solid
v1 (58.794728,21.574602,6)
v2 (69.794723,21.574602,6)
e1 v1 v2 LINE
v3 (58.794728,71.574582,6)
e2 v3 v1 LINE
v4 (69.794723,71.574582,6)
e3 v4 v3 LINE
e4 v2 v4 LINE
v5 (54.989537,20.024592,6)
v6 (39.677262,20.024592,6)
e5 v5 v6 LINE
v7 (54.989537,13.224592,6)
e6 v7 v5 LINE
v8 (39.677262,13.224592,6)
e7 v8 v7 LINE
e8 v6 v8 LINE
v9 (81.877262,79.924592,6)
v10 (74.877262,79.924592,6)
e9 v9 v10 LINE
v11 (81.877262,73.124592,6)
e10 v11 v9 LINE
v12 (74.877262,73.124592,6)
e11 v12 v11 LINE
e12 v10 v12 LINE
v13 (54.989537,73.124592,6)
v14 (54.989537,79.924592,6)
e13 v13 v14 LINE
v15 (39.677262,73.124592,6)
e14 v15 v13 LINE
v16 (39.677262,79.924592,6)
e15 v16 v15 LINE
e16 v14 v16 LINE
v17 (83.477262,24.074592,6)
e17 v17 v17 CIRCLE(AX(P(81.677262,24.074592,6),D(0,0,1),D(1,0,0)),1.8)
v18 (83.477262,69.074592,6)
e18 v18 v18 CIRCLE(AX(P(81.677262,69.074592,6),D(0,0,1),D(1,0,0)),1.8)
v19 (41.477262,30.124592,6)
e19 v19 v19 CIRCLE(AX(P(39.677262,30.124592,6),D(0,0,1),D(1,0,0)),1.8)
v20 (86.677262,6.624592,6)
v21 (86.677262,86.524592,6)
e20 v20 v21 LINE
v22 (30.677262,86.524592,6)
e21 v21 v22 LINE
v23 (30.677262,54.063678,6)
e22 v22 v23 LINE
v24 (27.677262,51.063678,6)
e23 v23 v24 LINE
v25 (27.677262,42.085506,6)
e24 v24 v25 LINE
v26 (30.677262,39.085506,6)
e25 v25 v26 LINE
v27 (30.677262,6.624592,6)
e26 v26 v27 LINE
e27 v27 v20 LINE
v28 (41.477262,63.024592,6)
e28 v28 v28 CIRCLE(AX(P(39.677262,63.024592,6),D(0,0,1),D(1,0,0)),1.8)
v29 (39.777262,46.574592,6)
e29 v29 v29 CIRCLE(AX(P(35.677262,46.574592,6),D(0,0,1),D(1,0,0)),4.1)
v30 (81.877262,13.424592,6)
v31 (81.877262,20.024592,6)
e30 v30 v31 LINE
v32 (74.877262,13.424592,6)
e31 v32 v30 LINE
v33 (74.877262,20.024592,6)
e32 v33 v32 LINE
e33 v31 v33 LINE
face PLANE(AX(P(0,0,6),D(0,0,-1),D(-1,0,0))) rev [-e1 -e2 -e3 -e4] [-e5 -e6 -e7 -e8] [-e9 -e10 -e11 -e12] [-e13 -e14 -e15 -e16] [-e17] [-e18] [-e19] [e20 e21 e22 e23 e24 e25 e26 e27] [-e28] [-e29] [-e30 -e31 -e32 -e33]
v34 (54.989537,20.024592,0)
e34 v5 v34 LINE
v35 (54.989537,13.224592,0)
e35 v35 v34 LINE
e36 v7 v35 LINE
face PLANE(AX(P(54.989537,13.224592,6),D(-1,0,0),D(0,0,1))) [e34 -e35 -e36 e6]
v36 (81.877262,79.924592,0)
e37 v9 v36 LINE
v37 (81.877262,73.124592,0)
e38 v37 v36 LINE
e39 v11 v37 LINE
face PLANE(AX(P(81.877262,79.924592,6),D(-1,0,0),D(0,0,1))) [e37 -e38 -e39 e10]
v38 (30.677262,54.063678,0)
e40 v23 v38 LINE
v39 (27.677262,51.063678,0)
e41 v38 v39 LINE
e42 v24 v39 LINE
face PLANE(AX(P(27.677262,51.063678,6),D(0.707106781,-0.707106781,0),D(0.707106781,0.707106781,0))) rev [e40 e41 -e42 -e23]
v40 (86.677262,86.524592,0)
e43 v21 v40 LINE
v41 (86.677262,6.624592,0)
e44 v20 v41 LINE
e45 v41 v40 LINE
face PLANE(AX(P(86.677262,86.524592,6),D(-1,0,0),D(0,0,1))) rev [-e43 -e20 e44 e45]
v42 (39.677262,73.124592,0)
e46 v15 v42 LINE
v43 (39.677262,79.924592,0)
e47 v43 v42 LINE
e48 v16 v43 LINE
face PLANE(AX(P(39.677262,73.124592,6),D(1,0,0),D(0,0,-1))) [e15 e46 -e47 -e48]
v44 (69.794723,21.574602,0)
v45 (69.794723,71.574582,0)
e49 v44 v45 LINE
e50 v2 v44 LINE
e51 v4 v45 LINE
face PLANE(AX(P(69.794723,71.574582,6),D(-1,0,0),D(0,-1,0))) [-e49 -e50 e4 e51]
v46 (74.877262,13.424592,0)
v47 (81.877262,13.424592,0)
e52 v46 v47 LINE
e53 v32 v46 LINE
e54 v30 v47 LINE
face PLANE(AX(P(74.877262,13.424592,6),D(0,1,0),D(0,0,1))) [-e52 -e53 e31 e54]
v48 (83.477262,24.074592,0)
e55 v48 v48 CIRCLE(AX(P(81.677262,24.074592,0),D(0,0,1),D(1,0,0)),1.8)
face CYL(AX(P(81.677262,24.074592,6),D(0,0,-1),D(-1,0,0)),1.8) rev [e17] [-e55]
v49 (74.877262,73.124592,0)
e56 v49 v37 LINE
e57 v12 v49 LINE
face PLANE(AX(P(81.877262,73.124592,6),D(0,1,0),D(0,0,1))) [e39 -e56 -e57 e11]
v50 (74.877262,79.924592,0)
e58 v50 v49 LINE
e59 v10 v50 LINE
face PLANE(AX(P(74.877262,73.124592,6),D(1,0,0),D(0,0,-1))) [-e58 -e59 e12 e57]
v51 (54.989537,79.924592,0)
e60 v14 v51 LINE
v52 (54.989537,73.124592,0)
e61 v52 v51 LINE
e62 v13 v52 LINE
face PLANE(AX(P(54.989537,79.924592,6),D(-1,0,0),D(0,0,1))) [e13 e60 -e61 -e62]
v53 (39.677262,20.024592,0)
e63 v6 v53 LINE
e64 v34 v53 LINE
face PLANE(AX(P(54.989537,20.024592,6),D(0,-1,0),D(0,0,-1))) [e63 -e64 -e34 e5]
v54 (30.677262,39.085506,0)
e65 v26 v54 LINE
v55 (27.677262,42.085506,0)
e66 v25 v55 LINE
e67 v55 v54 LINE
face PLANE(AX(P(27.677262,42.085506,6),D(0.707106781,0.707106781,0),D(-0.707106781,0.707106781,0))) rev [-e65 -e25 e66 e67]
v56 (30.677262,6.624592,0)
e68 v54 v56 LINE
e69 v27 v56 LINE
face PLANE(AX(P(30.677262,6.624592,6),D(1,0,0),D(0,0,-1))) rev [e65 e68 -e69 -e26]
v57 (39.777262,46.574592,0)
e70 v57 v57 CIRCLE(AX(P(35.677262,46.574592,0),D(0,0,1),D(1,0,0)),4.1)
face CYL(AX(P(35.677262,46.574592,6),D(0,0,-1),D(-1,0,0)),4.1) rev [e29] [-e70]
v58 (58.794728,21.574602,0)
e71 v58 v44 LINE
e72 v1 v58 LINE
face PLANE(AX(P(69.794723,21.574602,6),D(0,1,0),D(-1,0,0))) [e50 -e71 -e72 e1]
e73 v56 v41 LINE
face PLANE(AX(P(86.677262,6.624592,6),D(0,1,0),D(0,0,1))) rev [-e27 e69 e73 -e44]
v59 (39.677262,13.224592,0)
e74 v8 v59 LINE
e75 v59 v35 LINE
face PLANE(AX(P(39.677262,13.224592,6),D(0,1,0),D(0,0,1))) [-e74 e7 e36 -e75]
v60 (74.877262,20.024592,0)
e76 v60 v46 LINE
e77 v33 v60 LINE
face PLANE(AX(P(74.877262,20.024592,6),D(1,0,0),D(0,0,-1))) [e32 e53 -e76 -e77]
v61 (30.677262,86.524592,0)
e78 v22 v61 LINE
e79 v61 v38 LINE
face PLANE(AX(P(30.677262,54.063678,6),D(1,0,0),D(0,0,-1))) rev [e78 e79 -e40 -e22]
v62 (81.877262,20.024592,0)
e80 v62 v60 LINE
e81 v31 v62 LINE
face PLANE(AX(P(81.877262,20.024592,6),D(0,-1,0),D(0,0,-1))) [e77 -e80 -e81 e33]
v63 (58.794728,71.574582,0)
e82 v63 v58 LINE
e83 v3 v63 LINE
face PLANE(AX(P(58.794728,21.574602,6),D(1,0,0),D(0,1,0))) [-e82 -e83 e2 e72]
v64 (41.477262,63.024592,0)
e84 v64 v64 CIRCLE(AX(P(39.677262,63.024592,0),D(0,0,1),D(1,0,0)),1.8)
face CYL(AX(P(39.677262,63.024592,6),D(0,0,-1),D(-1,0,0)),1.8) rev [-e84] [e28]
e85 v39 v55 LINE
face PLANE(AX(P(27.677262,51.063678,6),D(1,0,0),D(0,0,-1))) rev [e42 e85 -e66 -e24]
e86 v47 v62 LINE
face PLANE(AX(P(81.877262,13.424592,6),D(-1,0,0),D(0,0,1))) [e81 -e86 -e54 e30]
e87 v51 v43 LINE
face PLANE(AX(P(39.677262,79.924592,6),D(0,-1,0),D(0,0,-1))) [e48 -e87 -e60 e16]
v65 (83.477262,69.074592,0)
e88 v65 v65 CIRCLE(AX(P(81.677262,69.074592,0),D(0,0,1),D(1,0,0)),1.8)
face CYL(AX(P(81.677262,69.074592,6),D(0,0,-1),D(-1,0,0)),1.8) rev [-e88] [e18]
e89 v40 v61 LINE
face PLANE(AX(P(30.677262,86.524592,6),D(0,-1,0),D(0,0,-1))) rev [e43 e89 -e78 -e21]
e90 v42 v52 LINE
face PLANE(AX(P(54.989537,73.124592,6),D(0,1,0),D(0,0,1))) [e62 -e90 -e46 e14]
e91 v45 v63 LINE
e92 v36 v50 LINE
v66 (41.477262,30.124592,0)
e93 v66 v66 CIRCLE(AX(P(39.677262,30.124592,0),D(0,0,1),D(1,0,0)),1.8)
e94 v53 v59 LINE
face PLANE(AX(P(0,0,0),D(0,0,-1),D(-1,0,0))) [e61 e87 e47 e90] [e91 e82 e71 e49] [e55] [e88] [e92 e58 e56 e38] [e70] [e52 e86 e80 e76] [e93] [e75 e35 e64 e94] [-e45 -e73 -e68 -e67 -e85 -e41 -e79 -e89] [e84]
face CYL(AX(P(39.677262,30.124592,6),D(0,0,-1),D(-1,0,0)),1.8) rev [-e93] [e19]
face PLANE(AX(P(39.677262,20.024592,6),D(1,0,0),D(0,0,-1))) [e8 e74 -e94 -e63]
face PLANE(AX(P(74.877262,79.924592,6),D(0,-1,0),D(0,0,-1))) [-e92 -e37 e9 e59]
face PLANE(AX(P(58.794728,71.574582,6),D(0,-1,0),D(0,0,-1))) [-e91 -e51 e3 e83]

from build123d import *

# Parameters (mm, degrees)
MODEL_R                  = 1.8
MODEL_R_2                = 4.1
MODEL_W                  = 10.999995004
MODEL_H                  = 49.999979697
MODEL_W_2                = 7
MODEL_H_2                = 6.6
MODEL_W_3                = 15.312275424
MODEL_H_3                = 6.8
RESSALTO_EXTRUS_O1_DEPTH = 6


with BuildPart() as part:
    # Model → Ressalto-extrusão1 (new body)
    with BuildSketch(Plane.XY):
        Polygon((30.677261567, 6.624591957), (30.677261567, 39.085505862), (27.677261567, 42.085505862), (27.677261567, 51.063678051), (30.677261567, 54.063678051), (30.677261567, 86.524591957), (86.677261567, 86.524591957), (86.677261567, 6.624591957), align=None)
        with Locations((81.677261567, 24.074591957)):
            Circle(MODEL_R, mode=Mode.SUBTRACT)
        with Locations((39.677261567, 30.124591957)):
            Circle(MODEL_R, mode=Mode.SUBTRACT)
        with Locations((35.677261567, 46.574591957)):
            Circle(MODEL_R_2, mode=Mode.SUBTRACT)
        with Locations((39.677261567, 63.024591957)):
            Circle(MODEL_R, mode=Mode.SUBTRACT)
        with Locations((81.677261567, 69.074591957)):
            Circle(MODEL_R, mode=Mode.SUBTRACT)
        with Locations((64.294725156, 46.574591957)):
            Rectangle(MODEL_W, MODEL_H, mode=Mode.SUBTRACT)
        with Locations((78.377261567, 16.724591957)):
            Rectangle(MODEL_W_2, MODEL_H_2, mode=Mode.SUBTRACT)
        with Locations((47.333399279, 16.624591957)):
            Rectangle(MODEL_W_3, MODEL_H_3, mode=Mode.SUBTRACT)
        with Locations((47.333399279, 76.524591957)):
            Rectangle(MODEL_W_3, MODEL_H_3, mode=Mode.SUBTRACT)
        with Locations((78.377261567, 76.524591957)):
            Rectangle(MODEL_W_2, MODEL_H_3, mode=Mode.SUBTRACT)
    extrude(amount=RESSALTO_EXTRUS_O1_DEPTH)


solid = part.part
